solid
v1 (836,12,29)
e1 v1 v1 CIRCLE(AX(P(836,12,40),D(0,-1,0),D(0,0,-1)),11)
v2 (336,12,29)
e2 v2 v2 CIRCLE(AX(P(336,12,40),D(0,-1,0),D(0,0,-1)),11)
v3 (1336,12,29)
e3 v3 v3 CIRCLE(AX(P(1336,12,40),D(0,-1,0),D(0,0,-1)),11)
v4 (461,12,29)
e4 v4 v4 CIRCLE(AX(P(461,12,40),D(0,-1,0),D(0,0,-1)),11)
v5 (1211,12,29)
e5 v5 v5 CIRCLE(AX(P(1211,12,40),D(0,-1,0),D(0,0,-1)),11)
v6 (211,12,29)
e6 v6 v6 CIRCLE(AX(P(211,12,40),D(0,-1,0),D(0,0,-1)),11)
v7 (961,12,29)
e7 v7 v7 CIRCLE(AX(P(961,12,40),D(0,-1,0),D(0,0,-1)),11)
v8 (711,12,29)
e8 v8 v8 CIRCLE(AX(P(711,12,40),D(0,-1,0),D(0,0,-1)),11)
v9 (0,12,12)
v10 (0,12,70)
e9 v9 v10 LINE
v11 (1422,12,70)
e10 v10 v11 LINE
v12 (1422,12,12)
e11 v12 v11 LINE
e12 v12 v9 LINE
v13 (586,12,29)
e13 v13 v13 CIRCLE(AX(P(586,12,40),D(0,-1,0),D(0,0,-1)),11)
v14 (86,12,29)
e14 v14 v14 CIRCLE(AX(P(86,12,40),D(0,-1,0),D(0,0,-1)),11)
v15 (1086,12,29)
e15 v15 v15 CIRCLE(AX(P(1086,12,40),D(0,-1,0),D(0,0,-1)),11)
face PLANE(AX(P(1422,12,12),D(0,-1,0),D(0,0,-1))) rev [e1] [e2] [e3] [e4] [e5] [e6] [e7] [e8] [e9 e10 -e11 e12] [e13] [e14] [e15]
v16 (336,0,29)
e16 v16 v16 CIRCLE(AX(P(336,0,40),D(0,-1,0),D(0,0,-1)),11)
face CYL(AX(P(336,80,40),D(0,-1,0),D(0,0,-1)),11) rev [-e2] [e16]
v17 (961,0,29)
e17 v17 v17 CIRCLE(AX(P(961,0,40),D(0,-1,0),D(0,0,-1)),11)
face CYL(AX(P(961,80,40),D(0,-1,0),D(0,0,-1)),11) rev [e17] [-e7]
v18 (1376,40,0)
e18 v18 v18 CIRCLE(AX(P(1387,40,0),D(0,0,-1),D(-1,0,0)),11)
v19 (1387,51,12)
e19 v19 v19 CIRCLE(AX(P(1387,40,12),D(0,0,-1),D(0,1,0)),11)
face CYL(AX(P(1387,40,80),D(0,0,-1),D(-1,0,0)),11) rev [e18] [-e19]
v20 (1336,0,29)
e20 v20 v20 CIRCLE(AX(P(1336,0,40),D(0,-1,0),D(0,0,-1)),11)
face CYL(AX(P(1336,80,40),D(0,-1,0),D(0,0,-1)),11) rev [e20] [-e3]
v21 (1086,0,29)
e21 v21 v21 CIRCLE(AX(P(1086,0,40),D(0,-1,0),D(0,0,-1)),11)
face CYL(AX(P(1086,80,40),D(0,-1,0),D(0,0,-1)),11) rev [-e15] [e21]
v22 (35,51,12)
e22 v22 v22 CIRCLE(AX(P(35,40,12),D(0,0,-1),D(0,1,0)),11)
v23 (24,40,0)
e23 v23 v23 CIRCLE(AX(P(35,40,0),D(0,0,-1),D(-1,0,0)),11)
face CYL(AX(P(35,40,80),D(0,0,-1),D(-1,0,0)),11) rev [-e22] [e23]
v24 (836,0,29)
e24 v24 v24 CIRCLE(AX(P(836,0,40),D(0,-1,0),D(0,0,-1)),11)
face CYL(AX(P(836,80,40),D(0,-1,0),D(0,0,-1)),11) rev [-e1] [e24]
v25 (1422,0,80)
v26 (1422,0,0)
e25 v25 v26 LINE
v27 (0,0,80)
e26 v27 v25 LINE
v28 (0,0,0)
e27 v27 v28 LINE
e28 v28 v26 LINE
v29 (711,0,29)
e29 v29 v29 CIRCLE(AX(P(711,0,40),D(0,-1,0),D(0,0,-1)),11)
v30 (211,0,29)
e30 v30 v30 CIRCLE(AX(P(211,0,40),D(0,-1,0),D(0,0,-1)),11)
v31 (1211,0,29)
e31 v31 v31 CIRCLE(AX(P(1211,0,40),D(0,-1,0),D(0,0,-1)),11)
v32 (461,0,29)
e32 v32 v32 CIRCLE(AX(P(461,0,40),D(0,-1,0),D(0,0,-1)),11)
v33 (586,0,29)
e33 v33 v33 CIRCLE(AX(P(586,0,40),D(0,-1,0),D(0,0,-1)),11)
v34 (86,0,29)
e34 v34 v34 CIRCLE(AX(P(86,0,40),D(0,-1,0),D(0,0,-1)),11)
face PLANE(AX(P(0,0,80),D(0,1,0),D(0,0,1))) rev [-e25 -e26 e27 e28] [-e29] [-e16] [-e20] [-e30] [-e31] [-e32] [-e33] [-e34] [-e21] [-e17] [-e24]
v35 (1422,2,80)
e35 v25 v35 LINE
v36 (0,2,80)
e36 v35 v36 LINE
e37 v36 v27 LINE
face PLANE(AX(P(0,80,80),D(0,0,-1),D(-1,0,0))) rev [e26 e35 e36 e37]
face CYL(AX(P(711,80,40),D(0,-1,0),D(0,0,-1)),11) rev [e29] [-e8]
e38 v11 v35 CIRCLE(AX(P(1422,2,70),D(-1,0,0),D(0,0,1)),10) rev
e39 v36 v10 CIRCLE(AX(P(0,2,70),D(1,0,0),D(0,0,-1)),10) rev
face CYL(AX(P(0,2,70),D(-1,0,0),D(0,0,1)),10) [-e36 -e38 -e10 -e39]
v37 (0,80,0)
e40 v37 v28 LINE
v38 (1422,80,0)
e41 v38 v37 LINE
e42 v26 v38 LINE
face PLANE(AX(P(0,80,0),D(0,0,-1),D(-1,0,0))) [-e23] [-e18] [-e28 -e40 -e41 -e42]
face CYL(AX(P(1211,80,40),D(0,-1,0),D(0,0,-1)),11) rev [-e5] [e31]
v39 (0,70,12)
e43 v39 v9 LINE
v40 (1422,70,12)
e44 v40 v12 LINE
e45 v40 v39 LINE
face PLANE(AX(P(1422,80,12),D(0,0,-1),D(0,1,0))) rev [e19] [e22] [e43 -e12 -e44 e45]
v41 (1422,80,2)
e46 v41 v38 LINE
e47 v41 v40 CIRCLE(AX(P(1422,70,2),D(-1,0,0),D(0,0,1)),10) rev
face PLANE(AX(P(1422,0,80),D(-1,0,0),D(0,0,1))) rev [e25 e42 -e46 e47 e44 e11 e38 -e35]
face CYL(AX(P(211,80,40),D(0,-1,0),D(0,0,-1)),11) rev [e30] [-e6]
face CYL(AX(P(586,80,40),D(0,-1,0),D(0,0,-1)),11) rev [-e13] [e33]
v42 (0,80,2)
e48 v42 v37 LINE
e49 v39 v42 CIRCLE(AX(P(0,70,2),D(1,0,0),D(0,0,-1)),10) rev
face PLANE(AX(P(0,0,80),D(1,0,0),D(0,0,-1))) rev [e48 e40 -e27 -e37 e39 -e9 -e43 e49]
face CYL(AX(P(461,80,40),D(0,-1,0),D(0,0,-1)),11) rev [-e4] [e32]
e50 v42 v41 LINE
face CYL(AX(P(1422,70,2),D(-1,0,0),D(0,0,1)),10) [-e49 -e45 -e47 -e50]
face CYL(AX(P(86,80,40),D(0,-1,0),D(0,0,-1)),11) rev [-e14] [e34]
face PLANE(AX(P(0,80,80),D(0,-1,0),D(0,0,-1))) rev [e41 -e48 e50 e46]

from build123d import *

# Parameters (mm, degrees)
SKETCH_1_W             = 1422
SKETCH_1_H             = 80
EXTRUDE_1_DEPTH        = 80
SKETCH_3_W             = 68
SKETCH_3_H             = 68
CUT_EXTRUDE_2_DEPTH    = 1427.49360321
FILLET_1_R             = 10
SKETCH_4_R             = 11
CUT_EXTRUDE_3_DEPTH    = 1427.49360321
PATTERN_LINEAR_1_COUNT = 2
PATTERN_LINEAR_1_PITCH = 1352
SKETCH_5_R             = 11
CUT_EXTRUDE_4_DEPTH    = 1427.49360321
PATTERN_LINEAR_2_COUNT = 11
PATTERN_LINEAR_2_PITCH = 125


with BuildPart() as part:
    # 草图1 → 拉伸1 (new body)
    with BuildSketch(Plane.XY):
        with Locations((711, 40)):
            Rectangle(SKETCH_1_W, SKETCH_1_H)
    extrude(amount=EXTRUDE_1_DEPTH)

    # 草图3 → 拉伸2 (cut, through all)
    with BuildSketch(Plane.ZY):
        with Locations((46, 46)):
            Rectangle(SKETCH_3_W, SKETCH_3_H)
    extrude(amount=-CUT_EXTRUDE_2_DEPTH, mode=Mode.SUBTRACT)

    # 圆角1
    fillet_1_edges = [part.edges().sort_by_distance(p)[0] for p in [
        (711, 80, 12),
        (711, 12, 80),
    ]]
    fillet(fillet_1_edges, radius=FILLET_1_R)

    # 草图4 → 拉伸3 (cut, through all)
    with BuildSketch(Plane(origin=(0, 0, 0), x_dir=(-1, 0, 0), z_dir=(0, 0, -1))):
        with Locations((-1387, 40)):
            Circle(SKETCH_4_R)
    cut_extrude_3 = extrude(amount=-CUT_EXTRUDE_3_DEPTH, mode=Mode.SUBTRACT)

    # 阵列(线性)1: 拉伸3 ×2
    with Locations(*[(-i * PATTERN_LINEAR_1_PITCH, 0, 0) for i in range(1, PATTERN_LINEAR_1_COUNT)]):
        add(cut_extrude_3, mode=Mode.SUBTRACT)

    # 草图5 → 拉伸4 (cut, through all)
    with BuildSketch(Plane.XZ):
        with Locations(Location((86, 40, 0), (0, 0, 270))):
            Circle(SKETCH_5_R)
    cut_extrude_4 = extrude(amount=-CUT_EXTRUDE_4_DEPTH, mode=Mode.SUBTRACT)

    # 阵列(线性)2: 拉伸4 ×11
    with Locations(*[(i * PATTERN_LINEAR_2_PITCH, 0, 0) for i in range(1, PATTERN_LINEAR_2_COUNT)]):
        add(cut_extrude_4, mode=Mode.SUBTRACT)


solid = part.part
